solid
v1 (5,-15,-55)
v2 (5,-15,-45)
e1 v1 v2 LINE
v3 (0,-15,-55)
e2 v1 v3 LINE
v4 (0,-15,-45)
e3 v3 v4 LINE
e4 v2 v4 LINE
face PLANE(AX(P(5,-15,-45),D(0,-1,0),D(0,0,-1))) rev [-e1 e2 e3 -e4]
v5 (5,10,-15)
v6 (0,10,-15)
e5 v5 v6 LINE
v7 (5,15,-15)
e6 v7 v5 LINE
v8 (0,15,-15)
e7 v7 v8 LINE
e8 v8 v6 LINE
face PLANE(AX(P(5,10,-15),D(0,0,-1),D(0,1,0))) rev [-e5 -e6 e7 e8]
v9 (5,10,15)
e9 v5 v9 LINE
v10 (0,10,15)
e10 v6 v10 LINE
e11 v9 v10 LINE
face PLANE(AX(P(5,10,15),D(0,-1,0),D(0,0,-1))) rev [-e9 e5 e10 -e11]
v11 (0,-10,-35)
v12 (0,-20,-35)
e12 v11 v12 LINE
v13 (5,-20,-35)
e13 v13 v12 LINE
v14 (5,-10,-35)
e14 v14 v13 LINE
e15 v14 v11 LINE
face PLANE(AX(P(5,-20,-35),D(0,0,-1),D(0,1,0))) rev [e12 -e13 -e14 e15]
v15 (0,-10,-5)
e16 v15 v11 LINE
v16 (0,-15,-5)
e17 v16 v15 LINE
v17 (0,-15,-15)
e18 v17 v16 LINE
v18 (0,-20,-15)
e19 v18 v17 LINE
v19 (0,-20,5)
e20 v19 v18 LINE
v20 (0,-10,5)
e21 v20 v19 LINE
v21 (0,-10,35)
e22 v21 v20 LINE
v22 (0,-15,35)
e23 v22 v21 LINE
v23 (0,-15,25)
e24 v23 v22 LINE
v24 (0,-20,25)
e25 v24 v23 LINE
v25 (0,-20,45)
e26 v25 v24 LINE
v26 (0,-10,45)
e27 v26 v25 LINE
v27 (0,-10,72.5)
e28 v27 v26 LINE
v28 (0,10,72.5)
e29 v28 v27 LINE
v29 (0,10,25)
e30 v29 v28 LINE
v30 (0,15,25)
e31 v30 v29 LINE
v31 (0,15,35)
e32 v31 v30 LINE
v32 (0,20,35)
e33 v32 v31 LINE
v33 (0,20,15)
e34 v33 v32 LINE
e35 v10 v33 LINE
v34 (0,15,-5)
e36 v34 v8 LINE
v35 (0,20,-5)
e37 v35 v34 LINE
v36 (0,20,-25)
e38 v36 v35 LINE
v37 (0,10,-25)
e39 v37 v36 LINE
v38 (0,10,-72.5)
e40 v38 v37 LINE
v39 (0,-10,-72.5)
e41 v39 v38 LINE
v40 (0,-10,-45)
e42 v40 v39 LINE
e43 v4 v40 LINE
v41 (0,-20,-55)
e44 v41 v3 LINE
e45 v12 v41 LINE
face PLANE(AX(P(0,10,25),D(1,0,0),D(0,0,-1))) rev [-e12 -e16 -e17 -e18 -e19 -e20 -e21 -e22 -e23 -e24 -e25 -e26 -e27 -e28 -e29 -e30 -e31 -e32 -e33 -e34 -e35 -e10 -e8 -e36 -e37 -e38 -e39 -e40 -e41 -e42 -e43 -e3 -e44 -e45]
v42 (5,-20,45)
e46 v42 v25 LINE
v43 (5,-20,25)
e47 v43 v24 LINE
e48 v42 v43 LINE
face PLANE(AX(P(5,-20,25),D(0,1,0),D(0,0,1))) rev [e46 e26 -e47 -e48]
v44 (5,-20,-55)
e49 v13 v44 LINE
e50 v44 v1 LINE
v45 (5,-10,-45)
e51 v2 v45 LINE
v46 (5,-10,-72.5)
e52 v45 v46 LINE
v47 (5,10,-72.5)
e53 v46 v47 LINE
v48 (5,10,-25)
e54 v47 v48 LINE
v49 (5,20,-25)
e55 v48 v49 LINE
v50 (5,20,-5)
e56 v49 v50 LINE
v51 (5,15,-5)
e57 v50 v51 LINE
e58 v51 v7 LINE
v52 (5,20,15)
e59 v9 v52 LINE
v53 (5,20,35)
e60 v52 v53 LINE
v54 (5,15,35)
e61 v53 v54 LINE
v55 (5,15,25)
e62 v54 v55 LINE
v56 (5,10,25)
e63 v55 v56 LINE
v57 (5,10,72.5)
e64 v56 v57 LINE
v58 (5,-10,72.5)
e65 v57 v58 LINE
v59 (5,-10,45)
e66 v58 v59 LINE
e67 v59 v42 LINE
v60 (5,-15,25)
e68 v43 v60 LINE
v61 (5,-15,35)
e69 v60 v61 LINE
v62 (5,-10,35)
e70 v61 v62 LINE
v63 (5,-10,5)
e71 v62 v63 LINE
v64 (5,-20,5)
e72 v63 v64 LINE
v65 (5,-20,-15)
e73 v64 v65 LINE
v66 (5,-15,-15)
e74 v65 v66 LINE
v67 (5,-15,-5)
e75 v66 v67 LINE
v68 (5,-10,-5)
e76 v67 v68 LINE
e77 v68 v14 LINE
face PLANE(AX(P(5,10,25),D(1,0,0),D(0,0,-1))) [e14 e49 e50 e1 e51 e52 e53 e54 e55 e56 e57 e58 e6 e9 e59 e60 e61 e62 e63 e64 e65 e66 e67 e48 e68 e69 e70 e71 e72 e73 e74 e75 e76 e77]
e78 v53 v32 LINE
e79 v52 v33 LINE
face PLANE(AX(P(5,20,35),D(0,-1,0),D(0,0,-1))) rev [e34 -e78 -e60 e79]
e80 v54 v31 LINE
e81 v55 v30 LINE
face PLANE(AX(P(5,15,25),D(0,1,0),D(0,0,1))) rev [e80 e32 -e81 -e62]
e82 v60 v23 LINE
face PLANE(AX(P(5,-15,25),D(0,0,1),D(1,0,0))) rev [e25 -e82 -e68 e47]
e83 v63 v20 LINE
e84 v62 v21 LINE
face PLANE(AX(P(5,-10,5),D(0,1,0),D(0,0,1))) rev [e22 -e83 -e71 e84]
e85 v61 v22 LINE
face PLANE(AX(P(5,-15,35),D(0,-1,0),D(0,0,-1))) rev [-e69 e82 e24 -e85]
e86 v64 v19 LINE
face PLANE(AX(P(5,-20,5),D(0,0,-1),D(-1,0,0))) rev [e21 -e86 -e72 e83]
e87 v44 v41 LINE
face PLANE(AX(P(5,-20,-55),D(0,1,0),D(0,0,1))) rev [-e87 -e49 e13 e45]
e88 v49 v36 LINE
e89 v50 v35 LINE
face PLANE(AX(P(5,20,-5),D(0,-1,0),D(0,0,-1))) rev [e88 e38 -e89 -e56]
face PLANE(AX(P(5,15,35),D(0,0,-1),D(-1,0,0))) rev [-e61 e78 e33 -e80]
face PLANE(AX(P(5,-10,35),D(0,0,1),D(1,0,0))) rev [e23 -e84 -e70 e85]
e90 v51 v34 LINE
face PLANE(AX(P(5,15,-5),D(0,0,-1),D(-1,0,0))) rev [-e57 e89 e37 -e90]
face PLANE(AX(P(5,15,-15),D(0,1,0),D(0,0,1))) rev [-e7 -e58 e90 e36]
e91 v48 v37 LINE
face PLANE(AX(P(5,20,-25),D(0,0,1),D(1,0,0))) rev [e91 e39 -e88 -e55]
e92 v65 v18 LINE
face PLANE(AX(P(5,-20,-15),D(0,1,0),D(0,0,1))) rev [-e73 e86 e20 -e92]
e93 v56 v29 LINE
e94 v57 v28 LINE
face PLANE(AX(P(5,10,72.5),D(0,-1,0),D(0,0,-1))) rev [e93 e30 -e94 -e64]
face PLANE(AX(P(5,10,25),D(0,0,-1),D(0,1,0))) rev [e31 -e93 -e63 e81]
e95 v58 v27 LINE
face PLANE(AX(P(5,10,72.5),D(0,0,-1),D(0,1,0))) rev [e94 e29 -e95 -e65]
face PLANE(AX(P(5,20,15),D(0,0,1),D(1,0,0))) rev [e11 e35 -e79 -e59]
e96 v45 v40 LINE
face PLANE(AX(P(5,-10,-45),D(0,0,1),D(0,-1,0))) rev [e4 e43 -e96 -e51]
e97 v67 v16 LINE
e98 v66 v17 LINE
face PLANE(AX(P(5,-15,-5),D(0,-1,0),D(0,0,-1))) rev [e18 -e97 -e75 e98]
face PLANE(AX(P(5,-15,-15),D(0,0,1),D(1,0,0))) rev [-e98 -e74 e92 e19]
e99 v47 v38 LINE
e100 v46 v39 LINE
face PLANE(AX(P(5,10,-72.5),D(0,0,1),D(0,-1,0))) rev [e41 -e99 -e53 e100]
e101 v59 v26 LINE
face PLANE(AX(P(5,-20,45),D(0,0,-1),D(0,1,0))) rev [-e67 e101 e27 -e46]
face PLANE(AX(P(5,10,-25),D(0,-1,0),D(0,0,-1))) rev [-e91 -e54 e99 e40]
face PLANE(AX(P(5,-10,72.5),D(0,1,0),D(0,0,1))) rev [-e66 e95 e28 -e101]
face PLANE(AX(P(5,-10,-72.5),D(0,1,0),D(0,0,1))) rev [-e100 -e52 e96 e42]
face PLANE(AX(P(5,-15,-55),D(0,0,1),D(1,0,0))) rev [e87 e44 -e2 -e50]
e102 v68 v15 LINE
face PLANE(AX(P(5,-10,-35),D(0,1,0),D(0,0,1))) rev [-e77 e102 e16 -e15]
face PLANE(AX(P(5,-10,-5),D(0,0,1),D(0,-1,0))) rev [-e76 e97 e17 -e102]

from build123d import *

# Parameters (mm, degrees)
BOSS_EXTRU_1_DEPTH = 5


with BuildPart() as part:
    # Esquisse1 → Boss.-Extru.1 (new body)
    with BuildSketch(Plane(origin=(0, 0, 0), x_dir=(0, 0, -1), z_dir=(1, 0, 0))):
        Polygon((72.5, -10), (45, -10), (45, -15), (55, -15), (55, -20), (35, -20), (35, -10), (5, -10), (5, -15), (15, -15), (15, -20), (-5, -20), (-5, -10), (-35, -10), (-35, -15), (-25, -15), (-25, -20), (-45, -20), (-45, -10), (-72.5, -10), (-72.5, 10), (-25, 10), (-25, 15), (-35, 15), (-35, 20), (-15, 20), (-15, 10), (15, 10), (15, 15), (5, 15), (5, 20), (25, 20), (25, 10), (72.5, 10), align=None)
    extrude(amount=BOSS_EXTRU_1_DEPTH)


solid = part.part
